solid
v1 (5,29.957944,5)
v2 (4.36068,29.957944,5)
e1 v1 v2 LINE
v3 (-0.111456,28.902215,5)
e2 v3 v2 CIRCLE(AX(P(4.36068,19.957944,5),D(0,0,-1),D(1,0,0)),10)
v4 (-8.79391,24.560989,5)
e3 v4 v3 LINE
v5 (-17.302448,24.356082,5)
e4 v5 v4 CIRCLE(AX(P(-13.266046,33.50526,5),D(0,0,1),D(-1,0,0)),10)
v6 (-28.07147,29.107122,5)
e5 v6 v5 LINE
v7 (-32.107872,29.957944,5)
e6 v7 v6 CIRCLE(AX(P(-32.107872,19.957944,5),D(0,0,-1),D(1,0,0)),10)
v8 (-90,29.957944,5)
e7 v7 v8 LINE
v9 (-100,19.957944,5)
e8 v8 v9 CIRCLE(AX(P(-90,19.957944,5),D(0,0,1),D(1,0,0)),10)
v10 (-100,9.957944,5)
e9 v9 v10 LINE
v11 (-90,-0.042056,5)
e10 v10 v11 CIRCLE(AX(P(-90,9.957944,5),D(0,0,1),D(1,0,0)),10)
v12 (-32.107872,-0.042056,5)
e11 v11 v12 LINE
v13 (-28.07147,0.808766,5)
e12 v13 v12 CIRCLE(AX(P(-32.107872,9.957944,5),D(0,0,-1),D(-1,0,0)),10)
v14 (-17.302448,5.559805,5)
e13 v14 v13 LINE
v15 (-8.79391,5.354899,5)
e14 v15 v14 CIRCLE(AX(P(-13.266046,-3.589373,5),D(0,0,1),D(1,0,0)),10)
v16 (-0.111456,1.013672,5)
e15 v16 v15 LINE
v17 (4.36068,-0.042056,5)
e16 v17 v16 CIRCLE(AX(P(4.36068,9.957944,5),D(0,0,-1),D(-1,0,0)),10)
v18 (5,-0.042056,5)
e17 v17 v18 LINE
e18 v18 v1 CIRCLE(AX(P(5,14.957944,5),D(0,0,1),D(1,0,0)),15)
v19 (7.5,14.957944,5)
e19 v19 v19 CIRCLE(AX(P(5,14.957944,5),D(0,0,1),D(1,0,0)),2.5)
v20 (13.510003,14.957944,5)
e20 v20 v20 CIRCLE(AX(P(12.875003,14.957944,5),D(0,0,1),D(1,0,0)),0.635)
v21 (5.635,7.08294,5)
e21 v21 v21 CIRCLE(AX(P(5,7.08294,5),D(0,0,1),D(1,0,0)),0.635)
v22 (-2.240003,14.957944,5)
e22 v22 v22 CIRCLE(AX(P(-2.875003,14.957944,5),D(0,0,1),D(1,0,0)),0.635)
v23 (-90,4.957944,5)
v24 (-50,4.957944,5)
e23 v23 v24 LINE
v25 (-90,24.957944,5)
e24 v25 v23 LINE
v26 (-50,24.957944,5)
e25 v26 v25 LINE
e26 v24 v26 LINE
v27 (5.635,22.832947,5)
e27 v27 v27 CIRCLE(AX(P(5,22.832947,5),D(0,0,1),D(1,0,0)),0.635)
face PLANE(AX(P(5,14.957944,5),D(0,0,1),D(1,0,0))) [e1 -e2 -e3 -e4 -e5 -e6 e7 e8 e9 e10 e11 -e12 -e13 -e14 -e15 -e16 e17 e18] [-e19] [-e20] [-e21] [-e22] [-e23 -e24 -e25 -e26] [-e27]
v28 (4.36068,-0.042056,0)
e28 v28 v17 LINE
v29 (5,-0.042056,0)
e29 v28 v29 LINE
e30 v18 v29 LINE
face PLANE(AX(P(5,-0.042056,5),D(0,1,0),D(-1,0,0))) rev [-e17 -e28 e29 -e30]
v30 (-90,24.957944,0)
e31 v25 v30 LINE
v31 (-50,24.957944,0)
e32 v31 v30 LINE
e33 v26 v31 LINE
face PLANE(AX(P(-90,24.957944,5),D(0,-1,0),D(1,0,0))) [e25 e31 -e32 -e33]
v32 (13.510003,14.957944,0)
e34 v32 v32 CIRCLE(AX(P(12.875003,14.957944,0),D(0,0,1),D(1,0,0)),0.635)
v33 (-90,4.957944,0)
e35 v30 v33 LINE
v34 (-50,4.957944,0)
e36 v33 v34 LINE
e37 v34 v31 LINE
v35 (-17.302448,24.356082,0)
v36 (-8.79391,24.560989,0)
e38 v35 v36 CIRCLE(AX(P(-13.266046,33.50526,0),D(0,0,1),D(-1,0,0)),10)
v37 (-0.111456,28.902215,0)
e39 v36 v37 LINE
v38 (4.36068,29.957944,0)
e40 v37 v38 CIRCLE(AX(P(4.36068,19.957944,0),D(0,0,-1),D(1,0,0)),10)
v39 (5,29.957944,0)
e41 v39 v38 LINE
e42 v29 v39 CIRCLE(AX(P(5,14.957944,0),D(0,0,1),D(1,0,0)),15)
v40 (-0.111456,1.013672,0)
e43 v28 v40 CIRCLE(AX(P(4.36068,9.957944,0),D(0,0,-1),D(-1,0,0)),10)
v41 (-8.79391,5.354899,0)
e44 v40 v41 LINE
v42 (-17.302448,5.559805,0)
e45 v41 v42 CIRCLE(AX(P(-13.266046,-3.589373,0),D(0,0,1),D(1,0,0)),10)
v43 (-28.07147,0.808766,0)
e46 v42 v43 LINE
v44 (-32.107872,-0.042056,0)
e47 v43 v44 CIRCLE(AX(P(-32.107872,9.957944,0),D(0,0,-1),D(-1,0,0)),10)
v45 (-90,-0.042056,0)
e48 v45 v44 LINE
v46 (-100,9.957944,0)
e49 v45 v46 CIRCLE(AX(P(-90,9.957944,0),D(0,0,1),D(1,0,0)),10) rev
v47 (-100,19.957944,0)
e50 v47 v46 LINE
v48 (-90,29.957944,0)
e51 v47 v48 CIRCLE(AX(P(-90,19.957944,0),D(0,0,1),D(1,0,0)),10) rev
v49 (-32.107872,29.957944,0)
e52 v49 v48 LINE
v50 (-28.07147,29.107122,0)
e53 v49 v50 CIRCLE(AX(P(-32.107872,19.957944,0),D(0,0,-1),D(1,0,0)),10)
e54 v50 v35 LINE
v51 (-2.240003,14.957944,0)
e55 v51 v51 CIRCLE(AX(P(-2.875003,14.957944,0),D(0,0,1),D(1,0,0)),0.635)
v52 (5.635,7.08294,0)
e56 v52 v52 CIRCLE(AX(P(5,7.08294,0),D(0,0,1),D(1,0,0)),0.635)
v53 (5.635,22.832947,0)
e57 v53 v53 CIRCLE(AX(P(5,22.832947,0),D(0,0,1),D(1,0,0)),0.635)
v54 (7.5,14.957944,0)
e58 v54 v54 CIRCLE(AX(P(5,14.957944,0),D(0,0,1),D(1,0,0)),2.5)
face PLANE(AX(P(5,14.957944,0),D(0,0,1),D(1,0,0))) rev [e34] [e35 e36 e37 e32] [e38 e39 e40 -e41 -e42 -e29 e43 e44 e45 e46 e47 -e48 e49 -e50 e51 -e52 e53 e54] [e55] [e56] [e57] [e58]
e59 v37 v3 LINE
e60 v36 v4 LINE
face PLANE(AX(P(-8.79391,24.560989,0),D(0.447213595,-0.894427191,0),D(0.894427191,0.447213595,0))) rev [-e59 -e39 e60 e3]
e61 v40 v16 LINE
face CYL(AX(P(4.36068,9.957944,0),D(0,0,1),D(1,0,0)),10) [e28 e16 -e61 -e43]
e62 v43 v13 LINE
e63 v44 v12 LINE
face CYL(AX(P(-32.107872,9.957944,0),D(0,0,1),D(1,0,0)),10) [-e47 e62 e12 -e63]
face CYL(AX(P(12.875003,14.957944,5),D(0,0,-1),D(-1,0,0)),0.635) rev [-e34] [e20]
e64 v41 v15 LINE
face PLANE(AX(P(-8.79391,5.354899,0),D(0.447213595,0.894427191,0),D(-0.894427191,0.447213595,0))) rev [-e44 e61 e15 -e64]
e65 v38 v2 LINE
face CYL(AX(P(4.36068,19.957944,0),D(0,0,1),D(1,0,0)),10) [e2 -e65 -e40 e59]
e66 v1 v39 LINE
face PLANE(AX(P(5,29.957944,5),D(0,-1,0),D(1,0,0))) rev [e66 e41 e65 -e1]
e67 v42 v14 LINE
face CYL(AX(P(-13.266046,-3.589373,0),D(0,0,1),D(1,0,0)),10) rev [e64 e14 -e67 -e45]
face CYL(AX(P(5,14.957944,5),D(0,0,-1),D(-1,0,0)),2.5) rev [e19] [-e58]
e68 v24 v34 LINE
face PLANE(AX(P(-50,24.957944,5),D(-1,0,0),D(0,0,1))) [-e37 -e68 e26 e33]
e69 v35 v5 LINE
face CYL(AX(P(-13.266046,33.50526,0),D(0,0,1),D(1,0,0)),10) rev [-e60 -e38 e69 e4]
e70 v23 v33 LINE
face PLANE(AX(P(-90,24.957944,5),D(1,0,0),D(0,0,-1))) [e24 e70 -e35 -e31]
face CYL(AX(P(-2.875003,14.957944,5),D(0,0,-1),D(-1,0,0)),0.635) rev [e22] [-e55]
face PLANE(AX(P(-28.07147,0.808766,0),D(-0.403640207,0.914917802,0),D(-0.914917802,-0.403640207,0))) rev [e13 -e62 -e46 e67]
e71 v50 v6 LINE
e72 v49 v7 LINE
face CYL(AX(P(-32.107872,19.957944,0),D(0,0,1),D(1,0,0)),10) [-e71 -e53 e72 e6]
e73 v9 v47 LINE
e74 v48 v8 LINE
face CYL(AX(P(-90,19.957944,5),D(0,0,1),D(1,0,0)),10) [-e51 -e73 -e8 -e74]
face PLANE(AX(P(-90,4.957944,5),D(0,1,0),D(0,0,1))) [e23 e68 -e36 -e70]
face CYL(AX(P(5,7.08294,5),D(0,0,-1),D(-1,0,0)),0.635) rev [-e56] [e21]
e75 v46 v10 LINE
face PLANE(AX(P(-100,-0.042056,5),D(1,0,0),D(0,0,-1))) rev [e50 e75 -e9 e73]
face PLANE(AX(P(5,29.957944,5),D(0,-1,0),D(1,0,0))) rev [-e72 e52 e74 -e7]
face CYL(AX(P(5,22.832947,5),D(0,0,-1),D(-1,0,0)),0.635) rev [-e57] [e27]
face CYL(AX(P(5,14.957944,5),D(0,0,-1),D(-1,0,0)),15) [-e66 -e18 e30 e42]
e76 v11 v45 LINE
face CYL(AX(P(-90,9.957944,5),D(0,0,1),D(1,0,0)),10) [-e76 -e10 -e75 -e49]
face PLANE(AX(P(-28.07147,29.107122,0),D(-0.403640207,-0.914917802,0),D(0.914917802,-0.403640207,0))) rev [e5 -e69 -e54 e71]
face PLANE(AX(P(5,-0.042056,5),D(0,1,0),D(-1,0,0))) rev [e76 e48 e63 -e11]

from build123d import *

# Parameters (mm, degrees)
SKETCH1_R           = 2.5
SKETCH1_R_2         = 0.635
SKETCH1_W           = 40
SKETCH1_H           = 20
BOSS_EXTRUDE1_DEPTH = 5
CUT_EXTRUDE1_DEPTH  = 5
FILLET1_R           = 10
FILLET2_R           = 10


with BuildPart() as part:
    # Sketch1 → Boss-Extrude1 (new body)
    with BuildSketch(Plane.XY):
        with BuildLine():
            Line((5, -0.042056462), (-100, -0.042056462))
            Line((-100, -0.042056462), (-100, 29.957943538))
            Line((-100, 29.957943538), (5, 29.957943538))
            ThreePointArc((5, 29.957943538), (20, 14.957943538), (5, -0.042056462))
        make_face()
        with Locations((5, 14.957943538)):
            Circle(SKETCH1_R, mode=Mode.SUBTRACT)
        with Locations((5, 22.832946838)):
            Circle(SKETCH1_R_2, mode=Mode.SUBTRACT)
        with Locations((-2.8750033, 14.957943538)):
            Circle(SKETCH1_R_2, mode=Mode.SUBTRACT)
        with Locations((12.8750033, 14.957943538)):
            Circle(SKETCH1_R_2, mode=Mode.SUBTRACT)
        with Locations((5, 7.082940238)):
            Circle(SKETCH1_R_2, mode=Mode.SUBTRACT)
        with Locations((-70, 14.957943538)):
            Rectangle(SKETCH1_W, SKETCH1_H, mode=Mode.SUBTRACT)
    extrude(amount=BOSS_EXTRUDE1_DEPTH)

    # Sketch2 → Cut-Extrude1 (cut)
    with BuildSketch(Plane.XY.offset(5)):
        with BuildLine():
            Line((-28.071470169, 29.107121554), (-17.302448086, 24.356082399))
            ThreePointArc((-17.302448086, 24.356082399), (-13.025291719, 23.508158967), (-8.793910065, 24.560988505))
            Line((-8.793910065, 24.560988505), (-0.11145618, 28.902215448))
            ThreePointArc((-0.11145618, 28.902215448), (2.06315057, 29.690433433), (4.360679775, 29.957943538))
            Line((4.360679775, 29.957943538), (-32.107872235, 29.957943538))
            ThreePointArc((-32.107872235, 29.957943538), (-30.04532286, 29.742926424), (-28.071470169, 29.107121554))
        make_face()
        with BuildLine():
            Line((-28.071470169, 0.808765522), (-17.302448086, 5.559804676))
            ThreePointArc((-17.302448086, 5.559804676), (-13.025291719, 6.407728109), (-8.793910065, 5.354898571))
            Line((-8.793910065, 5.354898571), (-0.11145618, 1.013671628))
            ThreePointArc((-0.11145618, 1.013671628), (2.06315057, 0.225453643), (4.360679775, -0.042056462))
            Line((4.360679775, -0.042056462), (-32.107872235, -0.042056462))
            ThreePointArc((-32.107872235, -0.042056462), (-30.04532286, 0.172960652), (-28.071470169, 0.808765522))
        make_face()
    extrude(amount=-CUT_EXTRUDE1_DEPTH, mode=Mode.SUBTRACT)

    # Fillet1
    fillet1_edges = [part.edges().sort_by_distance(p)[0] for p in [
        (-100, 29.957943538, 2.5),
    ]]
    fillet(fillet1_edges, radius=FILLET1_R)

    # Fillet2
    fillet2_edges = [part.edges().sort_by_distance(p)[0] for p in [
        (-100, -0.042056462, 2.5),
    ]]
    fillet(fillet2_edges, radius=FILLET2_R)


solid = part.part
